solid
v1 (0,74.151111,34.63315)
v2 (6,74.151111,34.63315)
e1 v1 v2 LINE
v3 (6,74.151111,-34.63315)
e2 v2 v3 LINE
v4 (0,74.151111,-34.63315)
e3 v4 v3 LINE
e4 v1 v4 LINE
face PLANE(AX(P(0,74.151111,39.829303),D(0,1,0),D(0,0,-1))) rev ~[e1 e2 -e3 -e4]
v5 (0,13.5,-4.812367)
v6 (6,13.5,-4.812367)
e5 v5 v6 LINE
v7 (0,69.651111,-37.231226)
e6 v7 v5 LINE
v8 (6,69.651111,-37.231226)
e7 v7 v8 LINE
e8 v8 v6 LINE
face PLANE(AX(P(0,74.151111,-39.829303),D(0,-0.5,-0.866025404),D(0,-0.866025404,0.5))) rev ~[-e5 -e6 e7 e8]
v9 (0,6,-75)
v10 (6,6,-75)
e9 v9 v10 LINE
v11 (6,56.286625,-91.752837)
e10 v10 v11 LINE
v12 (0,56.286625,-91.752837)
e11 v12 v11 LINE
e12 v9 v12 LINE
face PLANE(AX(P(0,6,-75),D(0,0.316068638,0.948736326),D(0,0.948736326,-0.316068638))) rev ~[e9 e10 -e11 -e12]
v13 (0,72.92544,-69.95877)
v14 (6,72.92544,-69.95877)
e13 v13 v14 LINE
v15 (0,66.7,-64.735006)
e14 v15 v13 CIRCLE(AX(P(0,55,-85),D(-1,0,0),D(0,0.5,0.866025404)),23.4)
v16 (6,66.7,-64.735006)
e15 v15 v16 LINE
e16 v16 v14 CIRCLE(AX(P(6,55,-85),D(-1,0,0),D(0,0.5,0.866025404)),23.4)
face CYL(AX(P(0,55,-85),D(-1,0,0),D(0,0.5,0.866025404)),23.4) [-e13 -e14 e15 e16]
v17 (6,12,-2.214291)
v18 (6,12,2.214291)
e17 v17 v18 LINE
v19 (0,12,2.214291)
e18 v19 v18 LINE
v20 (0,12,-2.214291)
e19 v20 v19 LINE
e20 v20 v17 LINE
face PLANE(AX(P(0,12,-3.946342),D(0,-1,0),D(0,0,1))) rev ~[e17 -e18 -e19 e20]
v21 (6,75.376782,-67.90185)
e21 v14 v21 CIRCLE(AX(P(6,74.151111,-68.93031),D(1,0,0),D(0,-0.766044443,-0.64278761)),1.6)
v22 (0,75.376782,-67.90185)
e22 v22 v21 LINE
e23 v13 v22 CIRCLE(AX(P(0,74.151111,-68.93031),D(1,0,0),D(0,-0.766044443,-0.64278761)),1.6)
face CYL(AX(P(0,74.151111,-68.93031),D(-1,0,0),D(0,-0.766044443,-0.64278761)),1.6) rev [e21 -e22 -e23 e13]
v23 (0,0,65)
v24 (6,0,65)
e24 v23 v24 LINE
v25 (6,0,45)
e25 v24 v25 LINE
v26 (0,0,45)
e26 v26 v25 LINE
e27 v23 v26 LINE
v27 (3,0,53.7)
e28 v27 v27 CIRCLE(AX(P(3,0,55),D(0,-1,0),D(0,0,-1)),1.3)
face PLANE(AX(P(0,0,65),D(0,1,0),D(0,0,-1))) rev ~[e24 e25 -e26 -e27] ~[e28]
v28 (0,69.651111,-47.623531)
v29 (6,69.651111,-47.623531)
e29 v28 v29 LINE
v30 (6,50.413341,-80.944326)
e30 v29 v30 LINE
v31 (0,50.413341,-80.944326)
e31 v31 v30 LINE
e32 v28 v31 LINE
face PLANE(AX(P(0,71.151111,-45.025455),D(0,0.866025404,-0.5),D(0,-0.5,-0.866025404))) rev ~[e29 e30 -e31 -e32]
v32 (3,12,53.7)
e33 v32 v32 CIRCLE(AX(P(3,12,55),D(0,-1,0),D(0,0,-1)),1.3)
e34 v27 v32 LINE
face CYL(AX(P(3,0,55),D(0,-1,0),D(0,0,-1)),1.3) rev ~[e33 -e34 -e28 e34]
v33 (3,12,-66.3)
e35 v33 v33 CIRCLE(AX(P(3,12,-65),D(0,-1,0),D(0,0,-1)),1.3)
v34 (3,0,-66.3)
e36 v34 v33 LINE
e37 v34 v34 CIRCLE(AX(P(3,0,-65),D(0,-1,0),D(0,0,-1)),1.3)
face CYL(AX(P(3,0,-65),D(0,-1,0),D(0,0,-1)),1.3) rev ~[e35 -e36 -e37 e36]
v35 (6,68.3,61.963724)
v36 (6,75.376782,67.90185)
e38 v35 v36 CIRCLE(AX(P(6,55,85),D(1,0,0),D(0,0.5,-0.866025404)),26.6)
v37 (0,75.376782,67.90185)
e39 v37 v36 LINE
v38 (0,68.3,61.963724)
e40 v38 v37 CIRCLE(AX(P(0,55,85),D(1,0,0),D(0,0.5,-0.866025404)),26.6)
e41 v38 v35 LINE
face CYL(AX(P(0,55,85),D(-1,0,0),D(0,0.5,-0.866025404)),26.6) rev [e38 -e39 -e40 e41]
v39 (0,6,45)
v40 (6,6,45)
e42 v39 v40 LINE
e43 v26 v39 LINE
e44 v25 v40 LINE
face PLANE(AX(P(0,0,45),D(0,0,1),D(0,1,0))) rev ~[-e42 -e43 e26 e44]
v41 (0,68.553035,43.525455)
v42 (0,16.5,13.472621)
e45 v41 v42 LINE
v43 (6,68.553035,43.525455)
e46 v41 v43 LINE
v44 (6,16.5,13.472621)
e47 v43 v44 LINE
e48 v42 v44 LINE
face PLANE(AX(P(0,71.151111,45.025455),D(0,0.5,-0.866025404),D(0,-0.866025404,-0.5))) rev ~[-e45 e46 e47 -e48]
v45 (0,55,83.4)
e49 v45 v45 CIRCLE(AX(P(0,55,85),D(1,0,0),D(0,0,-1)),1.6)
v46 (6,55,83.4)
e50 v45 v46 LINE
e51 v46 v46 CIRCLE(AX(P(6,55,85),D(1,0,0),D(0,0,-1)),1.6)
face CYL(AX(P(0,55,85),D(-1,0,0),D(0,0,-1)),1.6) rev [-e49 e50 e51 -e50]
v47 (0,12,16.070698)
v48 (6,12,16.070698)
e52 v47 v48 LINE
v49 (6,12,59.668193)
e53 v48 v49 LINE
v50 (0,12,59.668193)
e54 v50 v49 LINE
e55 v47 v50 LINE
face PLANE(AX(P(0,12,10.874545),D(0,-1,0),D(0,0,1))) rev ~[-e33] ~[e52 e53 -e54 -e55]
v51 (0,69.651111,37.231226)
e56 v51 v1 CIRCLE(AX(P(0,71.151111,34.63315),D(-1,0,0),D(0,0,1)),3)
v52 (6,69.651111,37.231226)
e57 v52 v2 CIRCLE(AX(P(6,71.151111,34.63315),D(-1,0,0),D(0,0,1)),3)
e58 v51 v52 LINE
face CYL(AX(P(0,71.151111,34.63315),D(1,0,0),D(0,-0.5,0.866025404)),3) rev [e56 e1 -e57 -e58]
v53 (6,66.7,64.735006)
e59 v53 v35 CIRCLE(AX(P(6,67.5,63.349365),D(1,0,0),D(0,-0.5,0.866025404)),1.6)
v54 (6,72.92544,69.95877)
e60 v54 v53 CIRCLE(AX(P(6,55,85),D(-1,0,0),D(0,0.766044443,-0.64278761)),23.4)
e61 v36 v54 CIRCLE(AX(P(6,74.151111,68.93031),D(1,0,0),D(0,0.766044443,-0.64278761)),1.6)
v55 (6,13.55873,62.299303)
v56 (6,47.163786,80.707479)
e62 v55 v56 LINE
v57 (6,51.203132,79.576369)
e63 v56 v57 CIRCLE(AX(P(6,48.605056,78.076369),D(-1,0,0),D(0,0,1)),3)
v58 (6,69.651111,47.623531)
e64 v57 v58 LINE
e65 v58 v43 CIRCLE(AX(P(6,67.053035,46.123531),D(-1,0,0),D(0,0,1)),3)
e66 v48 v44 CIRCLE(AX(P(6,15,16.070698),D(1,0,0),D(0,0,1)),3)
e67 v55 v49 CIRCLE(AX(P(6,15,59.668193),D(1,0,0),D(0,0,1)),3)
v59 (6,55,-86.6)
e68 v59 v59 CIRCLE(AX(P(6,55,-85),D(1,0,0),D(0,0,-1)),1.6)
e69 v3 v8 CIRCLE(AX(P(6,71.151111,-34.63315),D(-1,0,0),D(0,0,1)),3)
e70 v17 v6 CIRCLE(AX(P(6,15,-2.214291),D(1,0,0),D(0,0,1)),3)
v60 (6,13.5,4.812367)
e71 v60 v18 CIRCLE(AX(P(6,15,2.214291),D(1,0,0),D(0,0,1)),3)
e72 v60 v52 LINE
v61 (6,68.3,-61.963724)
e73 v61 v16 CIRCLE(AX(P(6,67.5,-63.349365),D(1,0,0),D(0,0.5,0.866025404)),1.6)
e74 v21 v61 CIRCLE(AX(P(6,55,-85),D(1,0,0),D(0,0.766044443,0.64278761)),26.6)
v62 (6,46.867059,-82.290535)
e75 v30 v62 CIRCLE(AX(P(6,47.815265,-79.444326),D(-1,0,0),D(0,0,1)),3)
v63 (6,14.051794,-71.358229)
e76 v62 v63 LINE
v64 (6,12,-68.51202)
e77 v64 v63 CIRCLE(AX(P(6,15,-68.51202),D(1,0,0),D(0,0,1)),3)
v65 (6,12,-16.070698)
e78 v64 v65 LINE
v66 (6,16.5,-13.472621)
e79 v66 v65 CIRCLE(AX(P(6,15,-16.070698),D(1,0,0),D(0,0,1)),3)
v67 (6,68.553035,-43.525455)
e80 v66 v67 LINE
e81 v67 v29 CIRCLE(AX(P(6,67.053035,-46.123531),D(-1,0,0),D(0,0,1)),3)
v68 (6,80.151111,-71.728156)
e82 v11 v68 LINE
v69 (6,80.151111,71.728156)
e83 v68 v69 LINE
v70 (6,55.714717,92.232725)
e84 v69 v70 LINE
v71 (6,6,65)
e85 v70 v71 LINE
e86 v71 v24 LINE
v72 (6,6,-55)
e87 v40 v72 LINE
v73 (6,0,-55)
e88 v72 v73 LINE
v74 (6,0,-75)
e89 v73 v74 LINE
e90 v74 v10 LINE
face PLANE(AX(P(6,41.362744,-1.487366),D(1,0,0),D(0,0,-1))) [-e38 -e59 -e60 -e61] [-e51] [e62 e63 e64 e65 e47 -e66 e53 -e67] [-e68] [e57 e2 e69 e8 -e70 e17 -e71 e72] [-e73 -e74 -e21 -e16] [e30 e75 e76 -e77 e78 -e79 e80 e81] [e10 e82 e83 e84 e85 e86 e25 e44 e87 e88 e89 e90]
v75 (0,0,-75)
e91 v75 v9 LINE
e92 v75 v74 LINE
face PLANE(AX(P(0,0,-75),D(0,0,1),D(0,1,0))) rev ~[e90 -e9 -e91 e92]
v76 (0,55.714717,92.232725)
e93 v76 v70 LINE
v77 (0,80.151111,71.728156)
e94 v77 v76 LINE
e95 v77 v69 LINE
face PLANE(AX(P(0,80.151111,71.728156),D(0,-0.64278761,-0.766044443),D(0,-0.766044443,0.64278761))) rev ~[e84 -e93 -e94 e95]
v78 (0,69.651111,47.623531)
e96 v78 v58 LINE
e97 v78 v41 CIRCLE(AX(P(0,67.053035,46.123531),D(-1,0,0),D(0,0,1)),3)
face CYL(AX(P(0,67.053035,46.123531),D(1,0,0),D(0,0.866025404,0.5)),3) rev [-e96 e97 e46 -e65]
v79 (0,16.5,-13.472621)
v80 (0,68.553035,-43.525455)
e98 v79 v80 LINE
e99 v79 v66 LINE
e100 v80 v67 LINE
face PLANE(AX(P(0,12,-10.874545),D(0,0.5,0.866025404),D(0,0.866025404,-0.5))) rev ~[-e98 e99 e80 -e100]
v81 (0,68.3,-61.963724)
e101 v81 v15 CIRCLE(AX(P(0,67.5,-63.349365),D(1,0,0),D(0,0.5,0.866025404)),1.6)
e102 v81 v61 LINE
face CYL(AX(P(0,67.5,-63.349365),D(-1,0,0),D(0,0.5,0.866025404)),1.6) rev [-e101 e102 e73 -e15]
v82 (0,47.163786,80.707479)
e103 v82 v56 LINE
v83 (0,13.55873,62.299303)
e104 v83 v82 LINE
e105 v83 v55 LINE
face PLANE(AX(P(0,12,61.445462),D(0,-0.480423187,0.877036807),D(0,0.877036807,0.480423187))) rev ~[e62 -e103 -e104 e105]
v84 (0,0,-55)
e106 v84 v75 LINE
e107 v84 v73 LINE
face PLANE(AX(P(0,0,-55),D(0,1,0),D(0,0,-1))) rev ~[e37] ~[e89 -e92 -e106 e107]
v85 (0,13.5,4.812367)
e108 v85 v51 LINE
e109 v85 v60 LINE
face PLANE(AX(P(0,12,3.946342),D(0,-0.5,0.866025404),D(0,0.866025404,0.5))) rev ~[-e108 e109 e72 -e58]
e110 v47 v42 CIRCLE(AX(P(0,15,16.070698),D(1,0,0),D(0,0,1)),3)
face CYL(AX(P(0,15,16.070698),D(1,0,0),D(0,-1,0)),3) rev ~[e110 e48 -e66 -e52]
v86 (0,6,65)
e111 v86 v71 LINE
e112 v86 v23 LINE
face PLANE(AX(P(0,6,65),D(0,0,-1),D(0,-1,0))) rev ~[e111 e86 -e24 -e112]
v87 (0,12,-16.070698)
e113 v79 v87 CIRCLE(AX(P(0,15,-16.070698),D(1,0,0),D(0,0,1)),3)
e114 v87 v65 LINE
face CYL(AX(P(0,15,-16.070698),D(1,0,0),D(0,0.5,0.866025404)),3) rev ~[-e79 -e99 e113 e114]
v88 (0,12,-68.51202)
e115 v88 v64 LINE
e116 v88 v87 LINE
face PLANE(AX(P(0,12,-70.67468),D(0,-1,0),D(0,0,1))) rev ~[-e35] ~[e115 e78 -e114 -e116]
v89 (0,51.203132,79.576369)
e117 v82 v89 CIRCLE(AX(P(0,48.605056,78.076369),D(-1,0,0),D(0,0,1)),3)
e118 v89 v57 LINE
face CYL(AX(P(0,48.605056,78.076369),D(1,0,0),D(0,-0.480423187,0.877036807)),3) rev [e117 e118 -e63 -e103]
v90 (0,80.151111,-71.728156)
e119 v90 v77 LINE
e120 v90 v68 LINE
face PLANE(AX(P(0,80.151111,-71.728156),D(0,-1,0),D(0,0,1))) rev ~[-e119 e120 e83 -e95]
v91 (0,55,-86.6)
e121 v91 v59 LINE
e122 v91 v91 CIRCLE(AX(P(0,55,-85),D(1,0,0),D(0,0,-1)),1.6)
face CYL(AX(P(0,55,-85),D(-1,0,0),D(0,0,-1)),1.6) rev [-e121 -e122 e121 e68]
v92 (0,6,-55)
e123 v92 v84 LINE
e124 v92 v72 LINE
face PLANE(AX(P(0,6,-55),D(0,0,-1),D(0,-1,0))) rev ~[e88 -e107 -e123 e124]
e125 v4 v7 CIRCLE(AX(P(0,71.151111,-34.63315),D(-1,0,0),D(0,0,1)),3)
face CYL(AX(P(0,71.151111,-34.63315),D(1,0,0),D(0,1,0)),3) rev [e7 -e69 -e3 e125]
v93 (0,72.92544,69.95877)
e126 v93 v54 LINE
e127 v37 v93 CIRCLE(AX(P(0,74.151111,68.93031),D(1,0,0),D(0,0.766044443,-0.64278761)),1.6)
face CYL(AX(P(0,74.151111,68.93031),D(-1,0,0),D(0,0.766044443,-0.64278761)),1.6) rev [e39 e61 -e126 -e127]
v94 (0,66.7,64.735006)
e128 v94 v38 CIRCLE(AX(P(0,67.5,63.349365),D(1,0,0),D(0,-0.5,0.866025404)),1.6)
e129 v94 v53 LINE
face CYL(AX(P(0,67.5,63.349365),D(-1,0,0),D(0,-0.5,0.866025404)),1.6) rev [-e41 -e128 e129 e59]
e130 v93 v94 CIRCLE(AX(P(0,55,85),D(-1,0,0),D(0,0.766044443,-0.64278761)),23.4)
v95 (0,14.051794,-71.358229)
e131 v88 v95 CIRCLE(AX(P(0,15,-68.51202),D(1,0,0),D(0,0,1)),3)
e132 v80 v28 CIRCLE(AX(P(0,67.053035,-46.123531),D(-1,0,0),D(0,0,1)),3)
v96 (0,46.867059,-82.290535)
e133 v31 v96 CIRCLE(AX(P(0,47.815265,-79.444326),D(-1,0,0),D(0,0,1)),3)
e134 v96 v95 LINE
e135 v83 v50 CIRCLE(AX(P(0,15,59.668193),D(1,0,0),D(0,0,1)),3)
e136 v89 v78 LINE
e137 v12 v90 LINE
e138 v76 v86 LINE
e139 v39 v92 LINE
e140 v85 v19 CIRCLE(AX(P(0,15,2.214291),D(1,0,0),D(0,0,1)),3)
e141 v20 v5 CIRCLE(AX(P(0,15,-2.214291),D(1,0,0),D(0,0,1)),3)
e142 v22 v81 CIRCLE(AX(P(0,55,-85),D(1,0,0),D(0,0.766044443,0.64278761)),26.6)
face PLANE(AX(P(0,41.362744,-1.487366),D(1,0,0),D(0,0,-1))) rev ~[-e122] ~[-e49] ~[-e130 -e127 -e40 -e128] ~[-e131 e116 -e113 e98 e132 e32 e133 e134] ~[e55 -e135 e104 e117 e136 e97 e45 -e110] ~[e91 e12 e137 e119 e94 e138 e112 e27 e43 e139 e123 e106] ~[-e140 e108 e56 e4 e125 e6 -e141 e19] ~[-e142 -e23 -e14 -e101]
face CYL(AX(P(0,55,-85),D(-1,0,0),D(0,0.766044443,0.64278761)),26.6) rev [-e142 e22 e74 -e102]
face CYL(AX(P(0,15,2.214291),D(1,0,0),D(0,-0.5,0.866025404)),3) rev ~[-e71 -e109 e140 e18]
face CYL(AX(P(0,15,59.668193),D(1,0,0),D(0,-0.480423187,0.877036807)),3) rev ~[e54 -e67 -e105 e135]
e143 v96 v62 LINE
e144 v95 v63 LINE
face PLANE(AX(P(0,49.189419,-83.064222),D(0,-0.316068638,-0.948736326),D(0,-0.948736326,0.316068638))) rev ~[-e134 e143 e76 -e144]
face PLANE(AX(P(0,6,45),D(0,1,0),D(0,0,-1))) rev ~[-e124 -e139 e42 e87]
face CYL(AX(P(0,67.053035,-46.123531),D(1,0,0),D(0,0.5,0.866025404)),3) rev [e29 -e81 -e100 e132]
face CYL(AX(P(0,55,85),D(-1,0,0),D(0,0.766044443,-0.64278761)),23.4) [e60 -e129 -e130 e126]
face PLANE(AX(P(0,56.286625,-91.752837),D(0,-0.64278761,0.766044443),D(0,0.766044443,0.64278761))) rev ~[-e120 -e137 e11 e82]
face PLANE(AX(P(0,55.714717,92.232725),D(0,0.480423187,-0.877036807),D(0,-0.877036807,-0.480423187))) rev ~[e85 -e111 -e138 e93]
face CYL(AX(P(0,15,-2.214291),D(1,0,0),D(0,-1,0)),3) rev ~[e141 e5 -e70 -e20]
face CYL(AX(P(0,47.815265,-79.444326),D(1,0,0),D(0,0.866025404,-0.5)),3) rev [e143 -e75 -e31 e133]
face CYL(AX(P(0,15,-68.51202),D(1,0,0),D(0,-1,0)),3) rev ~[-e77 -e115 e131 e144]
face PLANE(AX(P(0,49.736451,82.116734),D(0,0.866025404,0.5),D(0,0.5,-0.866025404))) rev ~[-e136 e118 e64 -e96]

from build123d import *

# Parameters (mm, degrees)
SKETCH1_R           = 1.6
BOSS_EXTRUDE1_DEPTH = 6
FILLET1_R           = 3
CUT_EXTRUDE1_REACH  = 124.34
SKETCH2_R           = 1.3


with BuildPart() as part:
    # Sketch1 → Boss-Extrude1 (new body)
    with BuildSketch(Plane(origin=(0, 0, 0), x_dir=(0, 0, -1), z_dir=(1, 0, 0))):
        Polygon((-65, 0), (-45, 0), (-45, 6), (55, 6), (55, 0), (75, 0), (75, 6), (91.752837084, 56.286625106), (71.728155707, 80.151111078), (-71.728155707, 80.151111078), (-92.232725383, 55.714716502), (-65, 6), align=None)
        with Locations((-85, 55)):
            Circle(SKETCH1_R, mode=Mode.SUBTRACT)
        with Locations((85, 55)):
            Circle(SKETCH1_R, mode=Mode.SUBTRACT)
        Polygon((-82.116733572, 49.736451418), (-45.025455014, 71.151111078), (-10.874545111, 12), (-61.445461749, 12), align=None, mode=Mode.SUBTRACT)
        Polygon((-39.829302592, 74.151111078), (39.829302592, 74.151111078), (3.94634188, 12), (-3.94634188, 12), align=None, mode=Mode.SUBTRACT)
        Polygon((45.025455014, 71.151111078), (83.06422235, 49.189418517), (70.674680035, 12), (10.874545111, 12), align=None, mode=Mode.SUBTRACT)
        with BuildLine():
            ThreePointArc((-61.963724259, 68.3), (-64.623217813, 72.098150418), (-67.901849582, 75.376782187))
            ThreePointArc((-67.901849582, 75.376782187), (-70.155980867, 75.179571253), (-69.958769933, 72.925439969))
            ThreePointArc((-69.958769933, 72.925439969), (-67.074560031, 70.041230067), (-64.735005551, 66.7))
            ThreePointArc((-64.735005551, 66.7), (-62.549364905, 66.114359354), (-61.963724259, 68.3))
        make_face(mode=Mode.SUBTRACT)
        with BuildLine():
            ThreePointArc((67.901849582, 75.376782187), (64.623217813, 72.098150418), (61.963724259, 68.3))
            ThreePointArc((61.963724259, 68.3), (62.549364905, 66.114359354), (64.735005551, 66.7))
            ThreePointArc((64.735005551, 66.7), (67.074560031, 70.041230067), (69.958769933, 72.925439969))
            ThreePointArc((69.958769933, 72.925439969), (70.155980867, 75.179571253), (67.901849582, 75.376782187))
        make_face(mode=Mode.SUBTRACT)
    extrude(amount=BOSS_EXTRUDE1_DEPTH)

    # Fillet1
    fillet1_edges = [part.edges().sort_by_distance(p)[0] for p in [
        (3, 49.736451418, 82.116733572),
        (3, 12, 61.445461749),
        (3, 12, 10.874545111),
        (3, 71.151111078, 45.025455014),
        (3, 74.151111078, 39.829302592),
        (3, 12, 3.94634188),
        (3, 12, -3.94634188),
        (3, 74.151111078, -39.829302592),
        (3, 71.151111078, -45.025455014),
        (3, 12, -10.874545111),
        (3, 12, -70.674680035),
        (3, 49.189418517, -83.06422235),
    ]]
    fillet(fillet1_edges, radius=FILLET1_R)

    # Sketch2 → Cut-Extrude1 (cut, up to next)
    with BuildSketch(Plane.XZ, mode=Mode.PRIVATE) as cut_extrude1_sk1:
        with Locations(Location((3, 55, 0), (0, 0, 270))):
            Circle(SKETCH2_R)
    cut_extrude1_tool1 = extrude(cut_extrude1_sk1.sketch, amount=-CUT_EXTRUDE1_REACH, mode=Mode.PRIVATE) & part.part
    # Sketch2 → Cut-Extrude1 (cut, up to next)
    with BuildSketch(Plane.XZ, mode=Mode.PRIVATE) as cut_extrude1_sk2:
        with Locations(Location((3, -65, 0), (0, 0, 270))):
            Circle(SKETCH2_R)
    cut_extrude1_tool2 = extrude(cut_extrude1_sk2.sketch, amount=-CUT_EXTRUDE1_REACH, mode=Mode.PRIVATE) & part.part
    add(cut_extrude1_tool1.solids().sort_by_distance((3, 0, 55))[0], mode=Mode.SUBTRACT)
    add(cut_extrude1_tool2.solids().sort_by_distance((3, 0, -65))[0], mode=Mode.SUBTRACT)


solid = part.part
